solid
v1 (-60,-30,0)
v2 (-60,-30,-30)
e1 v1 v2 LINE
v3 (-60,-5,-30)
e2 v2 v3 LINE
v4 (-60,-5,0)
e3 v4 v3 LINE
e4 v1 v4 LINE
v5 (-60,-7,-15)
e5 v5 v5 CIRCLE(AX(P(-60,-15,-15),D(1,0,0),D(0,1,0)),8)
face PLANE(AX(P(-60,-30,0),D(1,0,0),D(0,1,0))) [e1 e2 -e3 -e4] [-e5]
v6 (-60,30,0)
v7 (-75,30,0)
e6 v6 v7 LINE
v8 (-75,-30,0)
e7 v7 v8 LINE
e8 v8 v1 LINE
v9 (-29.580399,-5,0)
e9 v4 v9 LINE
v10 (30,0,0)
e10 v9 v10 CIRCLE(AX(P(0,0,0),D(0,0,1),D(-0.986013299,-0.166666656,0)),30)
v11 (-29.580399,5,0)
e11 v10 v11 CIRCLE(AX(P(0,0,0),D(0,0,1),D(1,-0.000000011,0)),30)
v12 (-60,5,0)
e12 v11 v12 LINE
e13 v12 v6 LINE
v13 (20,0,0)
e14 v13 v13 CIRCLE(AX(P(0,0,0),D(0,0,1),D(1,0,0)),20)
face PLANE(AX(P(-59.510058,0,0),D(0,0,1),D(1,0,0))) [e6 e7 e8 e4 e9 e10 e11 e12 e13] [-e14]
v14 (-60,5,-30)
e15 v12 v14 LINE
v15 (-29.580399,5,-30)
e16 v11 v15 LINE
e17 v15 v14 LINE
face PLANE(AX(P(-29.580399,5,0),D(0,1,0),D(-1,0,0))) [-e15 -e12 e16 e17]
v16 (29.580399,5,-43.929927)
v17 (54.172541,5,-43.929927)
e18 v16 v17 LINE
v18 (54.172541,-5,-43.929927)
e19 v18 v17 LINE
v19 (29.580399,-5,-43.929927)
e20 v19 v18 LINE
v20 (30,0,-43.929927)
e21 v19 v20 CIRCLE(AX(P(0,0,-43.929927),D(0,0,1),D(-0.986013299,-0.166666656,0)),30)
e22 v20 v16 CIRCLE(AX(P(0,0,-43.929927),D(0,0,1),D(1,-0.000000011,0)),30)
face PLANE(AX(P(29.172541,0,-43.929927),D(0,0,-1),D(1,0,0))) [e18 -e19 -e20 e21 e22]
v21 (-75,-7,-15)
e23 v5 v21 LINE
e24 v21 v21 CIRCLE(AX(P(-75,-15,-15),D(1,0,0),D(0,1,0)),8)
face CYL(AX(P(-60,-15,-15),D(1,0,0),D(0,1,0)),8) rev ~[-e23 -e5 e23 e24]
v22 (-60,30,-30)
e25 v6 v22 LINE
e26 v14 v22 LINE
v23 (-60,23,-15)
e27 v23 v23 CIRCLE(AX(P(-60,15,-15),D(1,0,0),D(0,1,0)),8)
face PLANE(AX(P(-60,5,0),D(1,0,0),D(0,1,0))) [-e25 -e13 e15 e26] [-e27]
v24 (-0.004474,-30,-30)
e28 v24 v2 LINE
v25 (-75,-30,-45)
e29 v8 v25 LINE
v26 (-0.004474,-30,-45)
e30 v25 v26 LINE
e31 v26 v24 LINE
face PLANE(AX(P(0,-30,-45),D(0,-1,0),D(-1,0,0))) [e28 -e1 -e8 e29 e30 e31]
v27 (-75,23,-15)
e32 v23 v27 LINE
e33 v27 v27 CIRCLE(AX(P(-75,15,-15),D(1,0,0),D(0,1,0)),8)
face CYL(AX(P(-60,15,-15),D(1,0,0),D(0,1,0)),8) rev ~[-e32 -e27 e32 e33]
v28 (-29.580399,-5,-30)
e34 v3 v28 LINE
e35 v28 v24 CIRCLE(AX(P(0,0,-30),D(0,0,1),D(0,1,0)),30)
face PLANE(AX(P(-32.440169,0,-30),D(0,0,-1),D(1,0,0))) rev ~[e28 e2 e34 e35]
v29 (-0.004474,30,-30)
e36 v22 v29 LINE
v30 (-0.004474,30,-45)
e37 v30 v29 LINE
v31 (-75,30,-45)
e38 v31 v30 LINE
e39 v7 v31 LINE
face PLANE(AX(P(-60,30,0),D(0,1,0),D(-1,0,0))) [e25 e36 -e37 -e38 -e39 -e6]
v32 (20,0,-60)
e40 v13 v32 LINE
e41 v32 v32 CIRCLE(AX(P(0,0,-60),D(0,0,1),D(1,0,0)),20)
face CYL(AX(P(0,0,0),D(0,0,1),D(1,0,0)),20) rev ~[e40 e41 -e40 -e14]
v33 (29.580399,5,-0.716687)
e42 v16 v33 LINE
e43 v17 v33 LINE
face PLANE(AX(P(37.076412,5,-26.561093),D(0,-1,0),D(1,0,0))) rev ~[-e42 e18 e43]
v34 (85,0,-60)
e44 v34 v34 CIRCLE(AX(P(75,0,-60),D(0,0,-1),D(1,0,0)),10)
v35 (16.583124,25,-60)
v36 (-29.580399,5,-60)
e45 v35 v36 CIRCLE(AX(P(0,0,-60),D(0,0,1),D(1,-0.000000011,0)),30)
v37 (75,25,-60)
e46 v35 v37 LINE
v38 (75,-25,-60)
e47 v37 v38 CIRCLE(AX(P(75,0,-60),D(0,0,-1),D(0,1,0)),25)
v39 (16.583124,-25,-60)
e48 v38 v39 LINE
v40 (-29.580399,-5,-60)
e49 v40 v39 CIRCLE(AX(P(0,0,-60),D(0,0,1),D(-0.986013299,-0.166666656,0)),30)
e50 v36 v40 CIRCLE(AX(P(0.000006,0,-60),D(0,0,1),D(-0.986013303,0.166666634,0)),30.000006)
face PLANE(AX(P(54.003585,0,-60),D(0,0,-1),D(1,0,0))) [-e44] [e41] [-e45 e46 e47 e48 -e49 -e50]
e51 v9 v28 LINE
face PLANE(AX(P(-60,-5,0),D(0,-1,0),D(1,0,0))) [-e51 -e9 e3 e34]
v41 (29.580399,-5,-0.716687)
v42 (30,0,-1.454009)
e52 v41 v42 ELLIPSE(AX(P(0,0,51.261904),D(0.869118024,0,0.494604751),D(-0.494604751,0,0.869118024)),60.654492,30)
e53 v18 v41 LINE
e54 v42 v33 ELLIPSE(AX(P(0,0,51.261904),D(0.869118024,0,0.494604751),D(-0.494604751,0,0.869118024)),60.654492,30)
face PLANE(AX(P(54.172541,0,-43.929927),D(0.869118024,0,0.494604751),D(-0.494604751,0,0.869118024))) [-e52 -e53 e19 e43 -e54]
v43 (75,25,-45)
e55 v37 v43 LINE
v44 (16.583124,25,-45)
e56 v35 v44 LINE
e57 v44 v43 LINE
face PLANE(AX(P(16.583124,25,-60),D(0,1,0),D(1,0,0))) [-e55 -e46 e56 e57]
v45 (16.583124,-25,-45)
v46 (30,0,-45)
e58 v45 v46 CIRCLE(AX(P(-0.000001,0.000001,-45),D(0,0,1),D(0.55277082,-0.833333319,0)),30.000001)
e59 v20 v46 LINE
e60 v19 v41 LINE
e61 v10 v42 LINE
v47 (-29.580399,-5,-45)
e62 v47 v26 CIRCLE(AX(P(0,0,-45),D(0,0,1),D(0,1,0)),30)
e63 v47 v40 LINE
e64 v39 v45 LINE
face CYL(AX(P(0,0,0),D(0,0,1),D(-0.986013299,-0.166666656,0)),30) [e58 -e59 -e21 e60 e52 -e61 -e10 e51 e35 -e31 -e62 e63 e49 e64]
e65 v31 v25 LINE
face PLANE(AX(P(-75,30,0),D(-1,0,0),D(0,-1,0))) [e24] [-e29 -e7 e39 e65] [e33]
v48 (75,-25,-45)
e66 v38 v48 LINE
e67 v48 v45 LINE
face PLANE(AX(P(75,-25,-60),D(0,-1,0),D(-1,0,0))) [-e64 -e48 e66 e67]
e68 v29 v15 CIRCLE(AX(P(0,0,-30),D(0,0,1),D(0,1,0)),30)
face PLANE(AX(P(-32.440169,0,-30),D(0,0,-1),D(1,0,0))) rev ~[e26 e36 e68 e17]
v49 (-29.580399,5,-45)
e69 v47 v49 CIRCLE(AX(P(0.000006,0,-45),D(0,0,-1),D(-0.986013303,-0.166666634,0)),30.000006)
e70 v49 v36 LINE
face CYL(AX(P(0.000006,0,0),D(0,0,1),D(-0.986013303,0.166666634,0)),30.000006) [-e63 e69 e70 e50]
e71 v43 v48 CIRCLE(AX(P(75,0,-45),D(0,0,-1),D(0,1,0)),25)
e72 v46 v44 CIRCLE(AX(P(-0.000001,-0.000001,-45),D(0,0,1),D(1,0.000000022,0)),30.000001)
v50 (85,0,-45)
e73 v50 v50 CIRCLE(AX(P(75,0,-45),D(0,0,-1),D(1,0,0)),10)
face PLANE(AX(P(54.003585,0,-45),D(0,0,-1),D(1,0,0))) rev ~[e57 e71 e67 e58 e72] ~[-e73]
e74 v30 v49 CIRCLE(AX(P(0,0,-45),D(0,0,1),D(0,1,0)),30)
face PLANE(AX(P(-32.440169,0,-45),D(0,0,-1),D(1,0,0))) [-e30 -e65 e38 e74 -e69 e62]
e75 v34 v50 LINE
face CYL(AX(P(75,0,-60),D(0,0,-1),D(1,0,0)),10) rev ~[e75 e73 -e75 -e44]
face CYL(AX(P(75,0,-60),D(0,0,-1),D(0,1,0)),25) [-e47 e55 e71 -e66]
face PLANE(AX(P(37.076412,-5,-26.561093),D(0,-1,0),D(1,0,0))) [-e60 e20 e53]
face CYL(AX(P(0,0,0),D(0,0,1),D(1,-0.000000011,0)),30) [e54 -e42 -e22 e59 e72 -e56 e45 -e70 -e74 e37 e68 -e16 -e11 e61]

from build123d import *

# Parameters (mm, degrees)
F0_R      = 20
F1_DEPTH  = 60
F2_R      = 10
F3_DEPTH  = 15
F4_DEPTH  = 45
F6_DEPTH  = 15
F8_DEPTH  = 5
F9_R      = 8
F10_DEPTH = 15.001


with BuildPart() as f1:
    # F0 (on Top) → F1 (new body)
    with BuildSketch(Plane.XY):
        with BuildLine():
            ThreePointArc((-29.580399, -5), (2.508788, -29.894916), (30, 0))
            ThreePointArc((30, 0), (2.508788, 29.894916), (-29.580399, 5))
            ThreePointArc((-29.580399, 5), (-30, 0), (-29.580399, -5))
        make_face()
        Circle(F0_R, mode=Mode.SUBTRACT)
    extrude(amount=-F1_DEPTH)

    # F2 (on face) → F3 (join)
    with BuildSketch(Plane(origin=(0, 0, -60), x_dir=(1, 0, 0), z_dir=(0, 0, -1))):
        with BuildLine():
            Line((16.583124, -25), (75, -25))
            ThreePointArc((75, -25), (100, 0), (75, 25))
            Line((75, 25), (16.583124, 25))
            ThreePointArc((16.583124, 25), (26.43382, 14.186372), (30, 0))
            ThreePointArc((30, 0), (26.43382, -14.186372), (16.583124, -25))
        make_face()
        with Locations((75, 0)):
            Circle(F2_R, mode=Mode.SUBTRACT)
    extrude(amount=-F3_DEPTH)

    # F0 (on Top) → F4 (join)
    with BuildSketch(Plane.XY):
        with BuildLine():
            ThreePointArc((-29.580399, -5), (-30, 0), (-29.580399, 5))
            Line((-29.580399, 5), (-60, 5))
            Line((-60, 5), (-60, 30))
            Line((-60, 30), (-74.087851, 30))
            Line((-74.087851, 30), (-75, 30))
            Line((-75, 30), (-75, 0))
            Line((-75, 0), (-75, -30))
            Line((-75, -30), (-60, -30))
            Line((-60, -30), (-60, -5))
            Line((-60, -5), (-29.580399, -5))
        make_face()
    extrude(amount=-F4_DEPTH)

    # F5 (on face) → F6 (join)
    with BuildSketch(Plane(origin=(0, 0, -45), x_dir=(1, 0, 0), z_dir=(0, 0, -1))):
        with BuildLine():
            Line((0, 30), (-60, 30))
            Line((-60, 30), (-60, -30))
            Line((-60, -30), (0, -30))
            ThreePointArc((0, -30), (-30, 0), (0, 30))
        make_face()
    extrude(amount=-F6_DEPTH)

    # F7 (on Front) → F8 (join, symmetric)
    with BuildSketch(Plane.XZ):
        Polygon((29.172541, 0), (29.172541, -43.929927), (54.172541, -43.929927), align=None)
    extrude(amount=F8_DEPTH, both=True)

    # F9 (on face) → F10 (cut, through all)
    with BuildSketch(Plane.YZ.offset(-60)):
        with Locations((-15, -15)):
            Circle(F9_R)
        with Locations((15, -15)):
            Circle(F9_R)
    extrude(amount=-F10_DEPTH, mode=Mode.SUBTRACT)


solid = f1.part
